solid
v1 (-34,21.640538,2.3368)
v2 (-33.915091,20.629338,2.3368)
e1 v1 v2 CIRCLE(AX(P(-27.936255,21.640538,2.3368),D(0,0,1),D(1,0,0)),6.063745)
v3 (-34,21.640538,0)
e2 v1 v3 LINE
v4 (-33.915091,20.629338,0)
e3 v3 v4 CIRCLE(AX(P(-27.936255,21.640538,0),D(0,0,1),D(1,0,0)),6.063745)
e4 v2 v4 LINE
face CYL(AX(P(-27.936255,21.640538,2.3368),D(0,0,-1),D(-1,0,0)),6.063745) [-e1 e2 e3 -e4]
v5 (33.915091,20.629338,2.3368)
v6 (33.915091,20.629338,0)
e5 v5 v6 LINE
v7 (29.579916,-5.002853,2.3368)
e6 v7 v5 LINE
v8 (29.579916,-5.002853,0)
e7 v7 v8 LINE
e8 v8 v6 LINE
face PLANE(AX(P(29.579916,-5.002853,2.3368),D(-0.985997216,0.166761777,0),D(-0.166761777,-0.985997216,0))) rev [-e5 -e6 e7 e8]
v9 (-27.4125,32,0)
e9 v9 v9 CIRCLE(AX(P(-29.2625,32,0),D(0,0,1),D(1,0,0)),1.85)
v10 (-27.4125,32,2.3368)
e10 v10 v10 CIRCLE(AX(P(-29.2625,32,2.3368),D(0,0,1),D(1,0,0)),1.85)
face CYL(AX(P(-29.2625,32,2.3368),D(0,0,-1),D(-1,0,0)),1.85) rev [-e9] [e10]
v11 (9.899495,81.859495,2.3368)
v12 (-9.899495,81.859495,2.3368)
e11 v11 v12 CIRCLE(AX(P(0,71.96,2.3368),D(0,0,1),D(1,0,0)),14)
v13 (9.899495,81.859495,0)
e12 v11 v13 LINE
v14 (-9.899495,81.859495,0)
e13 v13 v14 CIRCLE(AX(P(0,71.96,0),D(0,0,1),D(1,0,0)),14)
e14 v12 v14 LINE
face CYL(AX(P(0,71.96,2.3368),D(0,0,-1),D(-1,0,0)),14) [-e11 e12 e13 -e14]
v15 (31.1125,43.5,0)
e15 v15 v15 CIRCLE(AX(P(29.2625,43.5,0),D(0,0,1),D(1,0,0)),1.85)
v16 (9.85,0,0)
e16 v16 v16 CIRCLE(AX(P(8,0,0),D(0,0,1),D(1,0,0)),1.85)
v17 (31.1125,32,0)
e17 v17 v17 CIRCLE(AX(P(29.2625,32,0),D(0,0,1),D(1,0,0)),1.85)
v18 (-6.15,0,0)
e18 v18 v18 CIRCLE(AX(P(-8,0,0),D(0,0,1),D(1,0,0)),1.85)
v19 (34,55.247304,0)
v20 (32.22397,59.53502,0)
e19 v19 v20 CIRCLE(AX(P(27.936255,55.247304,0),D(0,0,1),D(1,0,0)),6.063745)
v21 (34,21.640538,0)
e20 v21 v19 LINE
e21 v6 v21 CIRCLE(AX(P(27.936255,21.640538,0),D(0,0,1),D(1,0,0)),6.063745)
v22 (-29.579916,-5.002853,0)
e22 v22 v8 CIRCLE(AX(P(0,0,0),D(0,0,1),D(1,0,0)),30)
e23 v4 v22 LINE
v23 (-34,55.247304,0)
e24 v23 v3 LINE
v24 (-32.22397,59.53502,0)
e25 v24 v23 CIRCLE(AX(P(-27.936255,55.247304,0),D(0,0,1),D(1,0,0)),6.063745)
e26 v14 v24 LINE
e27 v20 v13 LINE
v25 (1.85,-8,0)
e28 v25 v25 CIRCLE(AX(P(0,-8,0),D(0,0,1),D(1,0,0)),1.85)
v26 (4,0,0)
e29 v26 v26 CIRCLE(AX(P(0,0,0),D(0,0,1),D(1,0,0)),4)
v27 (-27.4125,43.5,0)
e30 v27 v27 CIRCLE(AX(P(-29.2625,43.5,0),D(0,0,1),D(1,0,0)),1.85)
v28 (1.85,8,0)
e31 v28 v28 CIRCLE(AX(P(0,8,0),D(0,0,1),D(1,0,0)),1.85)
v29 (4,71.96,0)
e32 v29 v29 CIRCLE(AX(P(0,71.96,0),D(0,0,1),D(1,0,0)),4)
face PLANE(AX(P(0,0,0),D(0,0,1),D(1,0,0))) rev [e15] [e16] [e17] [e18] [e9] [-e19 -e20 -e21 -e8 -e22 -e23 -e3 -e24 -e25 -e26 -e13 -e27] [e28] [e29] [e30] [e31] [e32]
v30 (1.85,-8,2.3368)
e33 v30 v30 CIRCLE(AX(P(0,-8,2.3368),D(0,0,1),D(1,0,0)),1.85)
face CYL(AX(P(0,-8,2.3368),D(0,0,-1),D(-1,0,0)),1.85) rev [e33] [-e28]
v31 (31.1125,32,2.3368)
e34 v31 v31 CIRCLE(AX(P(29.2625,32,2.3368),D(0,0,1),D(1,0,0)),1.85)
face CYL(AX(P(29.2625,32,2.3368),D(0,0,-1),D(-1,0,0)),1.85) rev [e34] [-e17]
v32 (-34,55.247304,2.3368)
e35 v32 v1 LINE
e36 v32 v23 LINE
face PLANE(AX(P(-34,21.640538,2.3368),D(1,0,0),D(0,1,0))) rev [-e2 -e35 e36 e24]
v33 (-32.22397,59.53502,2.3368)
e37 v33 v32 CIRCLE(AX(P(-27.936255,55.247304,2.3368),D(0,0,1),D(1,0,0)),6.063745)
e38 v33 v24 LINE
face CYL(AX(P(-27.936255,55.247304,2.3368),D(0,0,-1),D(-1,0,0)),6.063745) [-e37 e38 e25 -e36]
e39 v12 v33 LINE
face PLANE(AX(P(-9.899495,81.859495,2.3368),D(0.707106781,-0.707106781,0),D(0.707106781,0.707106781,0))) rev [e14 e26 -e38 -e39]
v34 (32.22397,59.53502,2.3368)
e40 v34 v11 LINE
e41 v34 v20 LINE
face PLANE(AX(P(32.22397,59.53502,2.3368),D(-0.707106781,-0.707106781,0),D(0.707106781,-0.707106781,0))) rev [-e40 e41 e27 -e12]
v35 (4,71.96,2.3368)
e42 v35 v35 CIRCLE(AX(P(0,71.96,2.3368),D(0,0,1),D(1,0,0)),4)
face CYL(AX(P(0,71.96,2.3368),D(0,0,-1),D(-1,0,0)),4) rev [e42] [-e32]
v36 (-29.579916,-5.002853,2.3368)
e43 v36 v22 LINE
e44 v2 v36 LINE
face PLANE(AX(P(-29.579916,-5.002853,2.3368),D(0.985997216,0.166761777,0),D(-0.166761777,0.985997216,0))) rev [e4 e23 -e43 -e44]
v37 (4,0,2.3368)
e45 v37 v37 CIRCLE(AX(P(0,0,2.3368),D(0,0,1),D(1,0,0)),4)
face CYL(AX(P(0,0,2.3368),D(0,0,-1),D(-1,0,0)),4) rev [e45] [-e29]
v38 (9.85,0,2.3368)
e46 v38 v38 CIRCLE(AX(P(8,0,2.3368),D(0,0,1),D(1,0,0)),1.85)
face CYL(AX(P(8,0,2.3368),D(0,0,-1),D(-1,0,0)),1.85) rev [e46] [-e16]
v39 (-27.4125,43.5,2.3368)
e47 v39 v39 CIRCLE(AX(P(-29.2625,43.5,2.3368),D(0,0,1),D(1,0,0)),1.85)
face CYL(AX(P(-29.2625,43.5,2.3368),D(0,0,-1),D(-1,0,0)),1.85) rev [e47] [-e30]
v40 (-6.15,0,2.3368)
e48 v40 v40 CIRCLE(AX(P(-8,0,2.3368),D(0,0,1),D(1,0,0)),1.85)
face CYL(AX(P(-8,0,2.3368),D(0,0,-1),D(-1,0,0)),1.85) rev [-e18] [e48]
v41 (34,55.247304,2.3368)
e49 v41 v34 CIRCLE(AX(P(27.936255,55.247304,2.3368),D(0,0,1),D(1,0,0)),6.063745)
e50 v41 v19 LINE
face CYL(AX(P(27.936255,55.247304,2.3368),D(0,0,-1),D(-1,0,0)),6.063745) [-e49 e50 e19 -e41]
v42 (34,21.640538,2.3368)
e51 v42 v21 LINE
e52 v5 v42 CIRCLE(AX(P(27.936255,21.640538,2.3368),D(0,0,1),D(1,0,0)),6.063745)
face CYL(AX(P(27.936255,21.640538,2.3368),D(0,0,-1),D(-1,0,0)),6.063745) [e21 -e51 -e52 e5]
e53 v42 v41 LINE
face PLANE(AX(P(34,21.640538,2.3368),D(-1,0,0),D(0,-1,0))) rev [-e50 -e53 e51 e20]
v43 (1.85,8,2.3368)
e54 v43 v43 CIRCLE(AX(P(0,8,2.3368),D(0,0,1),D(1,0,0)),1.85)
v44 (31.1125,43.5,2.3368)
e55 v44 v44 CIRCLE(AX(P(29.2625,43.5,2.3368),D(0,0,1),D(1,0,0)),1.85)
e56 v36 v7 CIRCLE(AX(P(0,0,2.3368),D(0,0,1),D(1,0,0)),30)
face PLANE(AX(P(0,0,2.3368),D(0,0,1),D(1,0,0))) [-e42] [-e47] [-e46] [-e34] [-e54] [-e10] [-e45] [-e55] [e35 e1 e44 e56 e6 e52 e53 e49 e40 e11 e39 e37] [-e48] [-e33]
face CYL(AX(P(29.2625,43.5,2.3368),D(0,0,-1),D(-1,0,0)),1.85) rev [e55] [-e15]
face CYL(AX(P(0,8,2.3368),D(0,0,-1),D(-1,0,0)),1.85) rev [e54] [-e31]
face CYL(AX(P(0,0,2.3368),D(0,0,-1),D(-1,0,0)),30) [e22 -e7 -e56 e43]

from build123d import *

# Parameters (mm, degrees)
SKETCH1_R           = 4
SKETCH1_R_2         = 1.85
BOSS_EXTRUDE1_DEPTH = 2.3368


with BuildPart() as part:
    # Sketch1 → Boss-Extrude1 (new body)
    with BuildSketch(Plane.XY):
        with BuildLine():
            Line((-29.579916475, -5.002853321), (-33.915090683, 20.629337502))
            ThreePointArc((-33.915090683, 20.629337502), (-33.978735385, 21.133158673), (-34, 21.640538448))
            Line((-34, 21.640538448), (-34, 55.247304326))
            ThreePointArc((-34, 55.247304326), (-33.538424872, 57.567799195), (-32.223970118, 59.535019756))
            Line((-32.223970118, 59.535019756), (-9.899494937, 81.859494937))
            ThreePointArc((-9.899494937, 81.859494937), (0, 85.96), (9.899494937, 81.859494937))
            Line((9.899494937, 81.859494937), (32.223970118, 59.535019756))
            ThreePointArc((32.223970118, 59.535019756), (33.538424872, 57.567799195), (34, 55.247304326))
            Line((34, 55.247304326), (34, 21.640538448))
            ThreePointArc((34, 21.640538448), (33.978735385, 21.133158673), (33.915090683, 20.629337502))
            Line((33.915090683, 20.629337502), (29.579916475, -5.002853321))
            ThreePointArc((29.579916475, -5.002853321), (0, -30), (-29.579916475, -5.002853321))
        make_face()
        Circle(SKETCH1_R, mode=Mode.SUBTRACT)
        with Locations((0, 8)):
            Circle(SKETCH1_R_2, mode=Mode.SUBTRACT)
        with Locations((-8, 0)):
            Circle(SKETCH1_R_2, mode=Mode.SUBTRACT)
        with Locations((0, -8)):
            Circle(SKETCH1_R_2, mode=Mode.SUBTRACT)
        with Locations((8, 0)):
            Circle(SKETCH1_R_2, mode=Mode.SUBTRACT)
        with Locations((0, 71.96)):
            Circle(SKETCH1_R, mode=Mode.SUBTRACT)
        with Locations((-29.2625, 32)):
            Circle(SKETCH1_R_2, mode=Mode.SUBTRACT)
        with Locations((29.2625, 43.5)):
            Circle(SKETCH1_R_2, mode=Mode.SUBTRACT)
        with Locations((29.2625, 32)):
            Circle(SKETCH1_R_2, mode=Mode.SUBTRACT)
        with Locations((-29.2625, 43.5)):
            Circle(SKETCH1_R_2, mode=Mode.SUBTRACT)
    extrude(amount=BOSS_EXTRUDE1_DEPTH)


solid = part.part
